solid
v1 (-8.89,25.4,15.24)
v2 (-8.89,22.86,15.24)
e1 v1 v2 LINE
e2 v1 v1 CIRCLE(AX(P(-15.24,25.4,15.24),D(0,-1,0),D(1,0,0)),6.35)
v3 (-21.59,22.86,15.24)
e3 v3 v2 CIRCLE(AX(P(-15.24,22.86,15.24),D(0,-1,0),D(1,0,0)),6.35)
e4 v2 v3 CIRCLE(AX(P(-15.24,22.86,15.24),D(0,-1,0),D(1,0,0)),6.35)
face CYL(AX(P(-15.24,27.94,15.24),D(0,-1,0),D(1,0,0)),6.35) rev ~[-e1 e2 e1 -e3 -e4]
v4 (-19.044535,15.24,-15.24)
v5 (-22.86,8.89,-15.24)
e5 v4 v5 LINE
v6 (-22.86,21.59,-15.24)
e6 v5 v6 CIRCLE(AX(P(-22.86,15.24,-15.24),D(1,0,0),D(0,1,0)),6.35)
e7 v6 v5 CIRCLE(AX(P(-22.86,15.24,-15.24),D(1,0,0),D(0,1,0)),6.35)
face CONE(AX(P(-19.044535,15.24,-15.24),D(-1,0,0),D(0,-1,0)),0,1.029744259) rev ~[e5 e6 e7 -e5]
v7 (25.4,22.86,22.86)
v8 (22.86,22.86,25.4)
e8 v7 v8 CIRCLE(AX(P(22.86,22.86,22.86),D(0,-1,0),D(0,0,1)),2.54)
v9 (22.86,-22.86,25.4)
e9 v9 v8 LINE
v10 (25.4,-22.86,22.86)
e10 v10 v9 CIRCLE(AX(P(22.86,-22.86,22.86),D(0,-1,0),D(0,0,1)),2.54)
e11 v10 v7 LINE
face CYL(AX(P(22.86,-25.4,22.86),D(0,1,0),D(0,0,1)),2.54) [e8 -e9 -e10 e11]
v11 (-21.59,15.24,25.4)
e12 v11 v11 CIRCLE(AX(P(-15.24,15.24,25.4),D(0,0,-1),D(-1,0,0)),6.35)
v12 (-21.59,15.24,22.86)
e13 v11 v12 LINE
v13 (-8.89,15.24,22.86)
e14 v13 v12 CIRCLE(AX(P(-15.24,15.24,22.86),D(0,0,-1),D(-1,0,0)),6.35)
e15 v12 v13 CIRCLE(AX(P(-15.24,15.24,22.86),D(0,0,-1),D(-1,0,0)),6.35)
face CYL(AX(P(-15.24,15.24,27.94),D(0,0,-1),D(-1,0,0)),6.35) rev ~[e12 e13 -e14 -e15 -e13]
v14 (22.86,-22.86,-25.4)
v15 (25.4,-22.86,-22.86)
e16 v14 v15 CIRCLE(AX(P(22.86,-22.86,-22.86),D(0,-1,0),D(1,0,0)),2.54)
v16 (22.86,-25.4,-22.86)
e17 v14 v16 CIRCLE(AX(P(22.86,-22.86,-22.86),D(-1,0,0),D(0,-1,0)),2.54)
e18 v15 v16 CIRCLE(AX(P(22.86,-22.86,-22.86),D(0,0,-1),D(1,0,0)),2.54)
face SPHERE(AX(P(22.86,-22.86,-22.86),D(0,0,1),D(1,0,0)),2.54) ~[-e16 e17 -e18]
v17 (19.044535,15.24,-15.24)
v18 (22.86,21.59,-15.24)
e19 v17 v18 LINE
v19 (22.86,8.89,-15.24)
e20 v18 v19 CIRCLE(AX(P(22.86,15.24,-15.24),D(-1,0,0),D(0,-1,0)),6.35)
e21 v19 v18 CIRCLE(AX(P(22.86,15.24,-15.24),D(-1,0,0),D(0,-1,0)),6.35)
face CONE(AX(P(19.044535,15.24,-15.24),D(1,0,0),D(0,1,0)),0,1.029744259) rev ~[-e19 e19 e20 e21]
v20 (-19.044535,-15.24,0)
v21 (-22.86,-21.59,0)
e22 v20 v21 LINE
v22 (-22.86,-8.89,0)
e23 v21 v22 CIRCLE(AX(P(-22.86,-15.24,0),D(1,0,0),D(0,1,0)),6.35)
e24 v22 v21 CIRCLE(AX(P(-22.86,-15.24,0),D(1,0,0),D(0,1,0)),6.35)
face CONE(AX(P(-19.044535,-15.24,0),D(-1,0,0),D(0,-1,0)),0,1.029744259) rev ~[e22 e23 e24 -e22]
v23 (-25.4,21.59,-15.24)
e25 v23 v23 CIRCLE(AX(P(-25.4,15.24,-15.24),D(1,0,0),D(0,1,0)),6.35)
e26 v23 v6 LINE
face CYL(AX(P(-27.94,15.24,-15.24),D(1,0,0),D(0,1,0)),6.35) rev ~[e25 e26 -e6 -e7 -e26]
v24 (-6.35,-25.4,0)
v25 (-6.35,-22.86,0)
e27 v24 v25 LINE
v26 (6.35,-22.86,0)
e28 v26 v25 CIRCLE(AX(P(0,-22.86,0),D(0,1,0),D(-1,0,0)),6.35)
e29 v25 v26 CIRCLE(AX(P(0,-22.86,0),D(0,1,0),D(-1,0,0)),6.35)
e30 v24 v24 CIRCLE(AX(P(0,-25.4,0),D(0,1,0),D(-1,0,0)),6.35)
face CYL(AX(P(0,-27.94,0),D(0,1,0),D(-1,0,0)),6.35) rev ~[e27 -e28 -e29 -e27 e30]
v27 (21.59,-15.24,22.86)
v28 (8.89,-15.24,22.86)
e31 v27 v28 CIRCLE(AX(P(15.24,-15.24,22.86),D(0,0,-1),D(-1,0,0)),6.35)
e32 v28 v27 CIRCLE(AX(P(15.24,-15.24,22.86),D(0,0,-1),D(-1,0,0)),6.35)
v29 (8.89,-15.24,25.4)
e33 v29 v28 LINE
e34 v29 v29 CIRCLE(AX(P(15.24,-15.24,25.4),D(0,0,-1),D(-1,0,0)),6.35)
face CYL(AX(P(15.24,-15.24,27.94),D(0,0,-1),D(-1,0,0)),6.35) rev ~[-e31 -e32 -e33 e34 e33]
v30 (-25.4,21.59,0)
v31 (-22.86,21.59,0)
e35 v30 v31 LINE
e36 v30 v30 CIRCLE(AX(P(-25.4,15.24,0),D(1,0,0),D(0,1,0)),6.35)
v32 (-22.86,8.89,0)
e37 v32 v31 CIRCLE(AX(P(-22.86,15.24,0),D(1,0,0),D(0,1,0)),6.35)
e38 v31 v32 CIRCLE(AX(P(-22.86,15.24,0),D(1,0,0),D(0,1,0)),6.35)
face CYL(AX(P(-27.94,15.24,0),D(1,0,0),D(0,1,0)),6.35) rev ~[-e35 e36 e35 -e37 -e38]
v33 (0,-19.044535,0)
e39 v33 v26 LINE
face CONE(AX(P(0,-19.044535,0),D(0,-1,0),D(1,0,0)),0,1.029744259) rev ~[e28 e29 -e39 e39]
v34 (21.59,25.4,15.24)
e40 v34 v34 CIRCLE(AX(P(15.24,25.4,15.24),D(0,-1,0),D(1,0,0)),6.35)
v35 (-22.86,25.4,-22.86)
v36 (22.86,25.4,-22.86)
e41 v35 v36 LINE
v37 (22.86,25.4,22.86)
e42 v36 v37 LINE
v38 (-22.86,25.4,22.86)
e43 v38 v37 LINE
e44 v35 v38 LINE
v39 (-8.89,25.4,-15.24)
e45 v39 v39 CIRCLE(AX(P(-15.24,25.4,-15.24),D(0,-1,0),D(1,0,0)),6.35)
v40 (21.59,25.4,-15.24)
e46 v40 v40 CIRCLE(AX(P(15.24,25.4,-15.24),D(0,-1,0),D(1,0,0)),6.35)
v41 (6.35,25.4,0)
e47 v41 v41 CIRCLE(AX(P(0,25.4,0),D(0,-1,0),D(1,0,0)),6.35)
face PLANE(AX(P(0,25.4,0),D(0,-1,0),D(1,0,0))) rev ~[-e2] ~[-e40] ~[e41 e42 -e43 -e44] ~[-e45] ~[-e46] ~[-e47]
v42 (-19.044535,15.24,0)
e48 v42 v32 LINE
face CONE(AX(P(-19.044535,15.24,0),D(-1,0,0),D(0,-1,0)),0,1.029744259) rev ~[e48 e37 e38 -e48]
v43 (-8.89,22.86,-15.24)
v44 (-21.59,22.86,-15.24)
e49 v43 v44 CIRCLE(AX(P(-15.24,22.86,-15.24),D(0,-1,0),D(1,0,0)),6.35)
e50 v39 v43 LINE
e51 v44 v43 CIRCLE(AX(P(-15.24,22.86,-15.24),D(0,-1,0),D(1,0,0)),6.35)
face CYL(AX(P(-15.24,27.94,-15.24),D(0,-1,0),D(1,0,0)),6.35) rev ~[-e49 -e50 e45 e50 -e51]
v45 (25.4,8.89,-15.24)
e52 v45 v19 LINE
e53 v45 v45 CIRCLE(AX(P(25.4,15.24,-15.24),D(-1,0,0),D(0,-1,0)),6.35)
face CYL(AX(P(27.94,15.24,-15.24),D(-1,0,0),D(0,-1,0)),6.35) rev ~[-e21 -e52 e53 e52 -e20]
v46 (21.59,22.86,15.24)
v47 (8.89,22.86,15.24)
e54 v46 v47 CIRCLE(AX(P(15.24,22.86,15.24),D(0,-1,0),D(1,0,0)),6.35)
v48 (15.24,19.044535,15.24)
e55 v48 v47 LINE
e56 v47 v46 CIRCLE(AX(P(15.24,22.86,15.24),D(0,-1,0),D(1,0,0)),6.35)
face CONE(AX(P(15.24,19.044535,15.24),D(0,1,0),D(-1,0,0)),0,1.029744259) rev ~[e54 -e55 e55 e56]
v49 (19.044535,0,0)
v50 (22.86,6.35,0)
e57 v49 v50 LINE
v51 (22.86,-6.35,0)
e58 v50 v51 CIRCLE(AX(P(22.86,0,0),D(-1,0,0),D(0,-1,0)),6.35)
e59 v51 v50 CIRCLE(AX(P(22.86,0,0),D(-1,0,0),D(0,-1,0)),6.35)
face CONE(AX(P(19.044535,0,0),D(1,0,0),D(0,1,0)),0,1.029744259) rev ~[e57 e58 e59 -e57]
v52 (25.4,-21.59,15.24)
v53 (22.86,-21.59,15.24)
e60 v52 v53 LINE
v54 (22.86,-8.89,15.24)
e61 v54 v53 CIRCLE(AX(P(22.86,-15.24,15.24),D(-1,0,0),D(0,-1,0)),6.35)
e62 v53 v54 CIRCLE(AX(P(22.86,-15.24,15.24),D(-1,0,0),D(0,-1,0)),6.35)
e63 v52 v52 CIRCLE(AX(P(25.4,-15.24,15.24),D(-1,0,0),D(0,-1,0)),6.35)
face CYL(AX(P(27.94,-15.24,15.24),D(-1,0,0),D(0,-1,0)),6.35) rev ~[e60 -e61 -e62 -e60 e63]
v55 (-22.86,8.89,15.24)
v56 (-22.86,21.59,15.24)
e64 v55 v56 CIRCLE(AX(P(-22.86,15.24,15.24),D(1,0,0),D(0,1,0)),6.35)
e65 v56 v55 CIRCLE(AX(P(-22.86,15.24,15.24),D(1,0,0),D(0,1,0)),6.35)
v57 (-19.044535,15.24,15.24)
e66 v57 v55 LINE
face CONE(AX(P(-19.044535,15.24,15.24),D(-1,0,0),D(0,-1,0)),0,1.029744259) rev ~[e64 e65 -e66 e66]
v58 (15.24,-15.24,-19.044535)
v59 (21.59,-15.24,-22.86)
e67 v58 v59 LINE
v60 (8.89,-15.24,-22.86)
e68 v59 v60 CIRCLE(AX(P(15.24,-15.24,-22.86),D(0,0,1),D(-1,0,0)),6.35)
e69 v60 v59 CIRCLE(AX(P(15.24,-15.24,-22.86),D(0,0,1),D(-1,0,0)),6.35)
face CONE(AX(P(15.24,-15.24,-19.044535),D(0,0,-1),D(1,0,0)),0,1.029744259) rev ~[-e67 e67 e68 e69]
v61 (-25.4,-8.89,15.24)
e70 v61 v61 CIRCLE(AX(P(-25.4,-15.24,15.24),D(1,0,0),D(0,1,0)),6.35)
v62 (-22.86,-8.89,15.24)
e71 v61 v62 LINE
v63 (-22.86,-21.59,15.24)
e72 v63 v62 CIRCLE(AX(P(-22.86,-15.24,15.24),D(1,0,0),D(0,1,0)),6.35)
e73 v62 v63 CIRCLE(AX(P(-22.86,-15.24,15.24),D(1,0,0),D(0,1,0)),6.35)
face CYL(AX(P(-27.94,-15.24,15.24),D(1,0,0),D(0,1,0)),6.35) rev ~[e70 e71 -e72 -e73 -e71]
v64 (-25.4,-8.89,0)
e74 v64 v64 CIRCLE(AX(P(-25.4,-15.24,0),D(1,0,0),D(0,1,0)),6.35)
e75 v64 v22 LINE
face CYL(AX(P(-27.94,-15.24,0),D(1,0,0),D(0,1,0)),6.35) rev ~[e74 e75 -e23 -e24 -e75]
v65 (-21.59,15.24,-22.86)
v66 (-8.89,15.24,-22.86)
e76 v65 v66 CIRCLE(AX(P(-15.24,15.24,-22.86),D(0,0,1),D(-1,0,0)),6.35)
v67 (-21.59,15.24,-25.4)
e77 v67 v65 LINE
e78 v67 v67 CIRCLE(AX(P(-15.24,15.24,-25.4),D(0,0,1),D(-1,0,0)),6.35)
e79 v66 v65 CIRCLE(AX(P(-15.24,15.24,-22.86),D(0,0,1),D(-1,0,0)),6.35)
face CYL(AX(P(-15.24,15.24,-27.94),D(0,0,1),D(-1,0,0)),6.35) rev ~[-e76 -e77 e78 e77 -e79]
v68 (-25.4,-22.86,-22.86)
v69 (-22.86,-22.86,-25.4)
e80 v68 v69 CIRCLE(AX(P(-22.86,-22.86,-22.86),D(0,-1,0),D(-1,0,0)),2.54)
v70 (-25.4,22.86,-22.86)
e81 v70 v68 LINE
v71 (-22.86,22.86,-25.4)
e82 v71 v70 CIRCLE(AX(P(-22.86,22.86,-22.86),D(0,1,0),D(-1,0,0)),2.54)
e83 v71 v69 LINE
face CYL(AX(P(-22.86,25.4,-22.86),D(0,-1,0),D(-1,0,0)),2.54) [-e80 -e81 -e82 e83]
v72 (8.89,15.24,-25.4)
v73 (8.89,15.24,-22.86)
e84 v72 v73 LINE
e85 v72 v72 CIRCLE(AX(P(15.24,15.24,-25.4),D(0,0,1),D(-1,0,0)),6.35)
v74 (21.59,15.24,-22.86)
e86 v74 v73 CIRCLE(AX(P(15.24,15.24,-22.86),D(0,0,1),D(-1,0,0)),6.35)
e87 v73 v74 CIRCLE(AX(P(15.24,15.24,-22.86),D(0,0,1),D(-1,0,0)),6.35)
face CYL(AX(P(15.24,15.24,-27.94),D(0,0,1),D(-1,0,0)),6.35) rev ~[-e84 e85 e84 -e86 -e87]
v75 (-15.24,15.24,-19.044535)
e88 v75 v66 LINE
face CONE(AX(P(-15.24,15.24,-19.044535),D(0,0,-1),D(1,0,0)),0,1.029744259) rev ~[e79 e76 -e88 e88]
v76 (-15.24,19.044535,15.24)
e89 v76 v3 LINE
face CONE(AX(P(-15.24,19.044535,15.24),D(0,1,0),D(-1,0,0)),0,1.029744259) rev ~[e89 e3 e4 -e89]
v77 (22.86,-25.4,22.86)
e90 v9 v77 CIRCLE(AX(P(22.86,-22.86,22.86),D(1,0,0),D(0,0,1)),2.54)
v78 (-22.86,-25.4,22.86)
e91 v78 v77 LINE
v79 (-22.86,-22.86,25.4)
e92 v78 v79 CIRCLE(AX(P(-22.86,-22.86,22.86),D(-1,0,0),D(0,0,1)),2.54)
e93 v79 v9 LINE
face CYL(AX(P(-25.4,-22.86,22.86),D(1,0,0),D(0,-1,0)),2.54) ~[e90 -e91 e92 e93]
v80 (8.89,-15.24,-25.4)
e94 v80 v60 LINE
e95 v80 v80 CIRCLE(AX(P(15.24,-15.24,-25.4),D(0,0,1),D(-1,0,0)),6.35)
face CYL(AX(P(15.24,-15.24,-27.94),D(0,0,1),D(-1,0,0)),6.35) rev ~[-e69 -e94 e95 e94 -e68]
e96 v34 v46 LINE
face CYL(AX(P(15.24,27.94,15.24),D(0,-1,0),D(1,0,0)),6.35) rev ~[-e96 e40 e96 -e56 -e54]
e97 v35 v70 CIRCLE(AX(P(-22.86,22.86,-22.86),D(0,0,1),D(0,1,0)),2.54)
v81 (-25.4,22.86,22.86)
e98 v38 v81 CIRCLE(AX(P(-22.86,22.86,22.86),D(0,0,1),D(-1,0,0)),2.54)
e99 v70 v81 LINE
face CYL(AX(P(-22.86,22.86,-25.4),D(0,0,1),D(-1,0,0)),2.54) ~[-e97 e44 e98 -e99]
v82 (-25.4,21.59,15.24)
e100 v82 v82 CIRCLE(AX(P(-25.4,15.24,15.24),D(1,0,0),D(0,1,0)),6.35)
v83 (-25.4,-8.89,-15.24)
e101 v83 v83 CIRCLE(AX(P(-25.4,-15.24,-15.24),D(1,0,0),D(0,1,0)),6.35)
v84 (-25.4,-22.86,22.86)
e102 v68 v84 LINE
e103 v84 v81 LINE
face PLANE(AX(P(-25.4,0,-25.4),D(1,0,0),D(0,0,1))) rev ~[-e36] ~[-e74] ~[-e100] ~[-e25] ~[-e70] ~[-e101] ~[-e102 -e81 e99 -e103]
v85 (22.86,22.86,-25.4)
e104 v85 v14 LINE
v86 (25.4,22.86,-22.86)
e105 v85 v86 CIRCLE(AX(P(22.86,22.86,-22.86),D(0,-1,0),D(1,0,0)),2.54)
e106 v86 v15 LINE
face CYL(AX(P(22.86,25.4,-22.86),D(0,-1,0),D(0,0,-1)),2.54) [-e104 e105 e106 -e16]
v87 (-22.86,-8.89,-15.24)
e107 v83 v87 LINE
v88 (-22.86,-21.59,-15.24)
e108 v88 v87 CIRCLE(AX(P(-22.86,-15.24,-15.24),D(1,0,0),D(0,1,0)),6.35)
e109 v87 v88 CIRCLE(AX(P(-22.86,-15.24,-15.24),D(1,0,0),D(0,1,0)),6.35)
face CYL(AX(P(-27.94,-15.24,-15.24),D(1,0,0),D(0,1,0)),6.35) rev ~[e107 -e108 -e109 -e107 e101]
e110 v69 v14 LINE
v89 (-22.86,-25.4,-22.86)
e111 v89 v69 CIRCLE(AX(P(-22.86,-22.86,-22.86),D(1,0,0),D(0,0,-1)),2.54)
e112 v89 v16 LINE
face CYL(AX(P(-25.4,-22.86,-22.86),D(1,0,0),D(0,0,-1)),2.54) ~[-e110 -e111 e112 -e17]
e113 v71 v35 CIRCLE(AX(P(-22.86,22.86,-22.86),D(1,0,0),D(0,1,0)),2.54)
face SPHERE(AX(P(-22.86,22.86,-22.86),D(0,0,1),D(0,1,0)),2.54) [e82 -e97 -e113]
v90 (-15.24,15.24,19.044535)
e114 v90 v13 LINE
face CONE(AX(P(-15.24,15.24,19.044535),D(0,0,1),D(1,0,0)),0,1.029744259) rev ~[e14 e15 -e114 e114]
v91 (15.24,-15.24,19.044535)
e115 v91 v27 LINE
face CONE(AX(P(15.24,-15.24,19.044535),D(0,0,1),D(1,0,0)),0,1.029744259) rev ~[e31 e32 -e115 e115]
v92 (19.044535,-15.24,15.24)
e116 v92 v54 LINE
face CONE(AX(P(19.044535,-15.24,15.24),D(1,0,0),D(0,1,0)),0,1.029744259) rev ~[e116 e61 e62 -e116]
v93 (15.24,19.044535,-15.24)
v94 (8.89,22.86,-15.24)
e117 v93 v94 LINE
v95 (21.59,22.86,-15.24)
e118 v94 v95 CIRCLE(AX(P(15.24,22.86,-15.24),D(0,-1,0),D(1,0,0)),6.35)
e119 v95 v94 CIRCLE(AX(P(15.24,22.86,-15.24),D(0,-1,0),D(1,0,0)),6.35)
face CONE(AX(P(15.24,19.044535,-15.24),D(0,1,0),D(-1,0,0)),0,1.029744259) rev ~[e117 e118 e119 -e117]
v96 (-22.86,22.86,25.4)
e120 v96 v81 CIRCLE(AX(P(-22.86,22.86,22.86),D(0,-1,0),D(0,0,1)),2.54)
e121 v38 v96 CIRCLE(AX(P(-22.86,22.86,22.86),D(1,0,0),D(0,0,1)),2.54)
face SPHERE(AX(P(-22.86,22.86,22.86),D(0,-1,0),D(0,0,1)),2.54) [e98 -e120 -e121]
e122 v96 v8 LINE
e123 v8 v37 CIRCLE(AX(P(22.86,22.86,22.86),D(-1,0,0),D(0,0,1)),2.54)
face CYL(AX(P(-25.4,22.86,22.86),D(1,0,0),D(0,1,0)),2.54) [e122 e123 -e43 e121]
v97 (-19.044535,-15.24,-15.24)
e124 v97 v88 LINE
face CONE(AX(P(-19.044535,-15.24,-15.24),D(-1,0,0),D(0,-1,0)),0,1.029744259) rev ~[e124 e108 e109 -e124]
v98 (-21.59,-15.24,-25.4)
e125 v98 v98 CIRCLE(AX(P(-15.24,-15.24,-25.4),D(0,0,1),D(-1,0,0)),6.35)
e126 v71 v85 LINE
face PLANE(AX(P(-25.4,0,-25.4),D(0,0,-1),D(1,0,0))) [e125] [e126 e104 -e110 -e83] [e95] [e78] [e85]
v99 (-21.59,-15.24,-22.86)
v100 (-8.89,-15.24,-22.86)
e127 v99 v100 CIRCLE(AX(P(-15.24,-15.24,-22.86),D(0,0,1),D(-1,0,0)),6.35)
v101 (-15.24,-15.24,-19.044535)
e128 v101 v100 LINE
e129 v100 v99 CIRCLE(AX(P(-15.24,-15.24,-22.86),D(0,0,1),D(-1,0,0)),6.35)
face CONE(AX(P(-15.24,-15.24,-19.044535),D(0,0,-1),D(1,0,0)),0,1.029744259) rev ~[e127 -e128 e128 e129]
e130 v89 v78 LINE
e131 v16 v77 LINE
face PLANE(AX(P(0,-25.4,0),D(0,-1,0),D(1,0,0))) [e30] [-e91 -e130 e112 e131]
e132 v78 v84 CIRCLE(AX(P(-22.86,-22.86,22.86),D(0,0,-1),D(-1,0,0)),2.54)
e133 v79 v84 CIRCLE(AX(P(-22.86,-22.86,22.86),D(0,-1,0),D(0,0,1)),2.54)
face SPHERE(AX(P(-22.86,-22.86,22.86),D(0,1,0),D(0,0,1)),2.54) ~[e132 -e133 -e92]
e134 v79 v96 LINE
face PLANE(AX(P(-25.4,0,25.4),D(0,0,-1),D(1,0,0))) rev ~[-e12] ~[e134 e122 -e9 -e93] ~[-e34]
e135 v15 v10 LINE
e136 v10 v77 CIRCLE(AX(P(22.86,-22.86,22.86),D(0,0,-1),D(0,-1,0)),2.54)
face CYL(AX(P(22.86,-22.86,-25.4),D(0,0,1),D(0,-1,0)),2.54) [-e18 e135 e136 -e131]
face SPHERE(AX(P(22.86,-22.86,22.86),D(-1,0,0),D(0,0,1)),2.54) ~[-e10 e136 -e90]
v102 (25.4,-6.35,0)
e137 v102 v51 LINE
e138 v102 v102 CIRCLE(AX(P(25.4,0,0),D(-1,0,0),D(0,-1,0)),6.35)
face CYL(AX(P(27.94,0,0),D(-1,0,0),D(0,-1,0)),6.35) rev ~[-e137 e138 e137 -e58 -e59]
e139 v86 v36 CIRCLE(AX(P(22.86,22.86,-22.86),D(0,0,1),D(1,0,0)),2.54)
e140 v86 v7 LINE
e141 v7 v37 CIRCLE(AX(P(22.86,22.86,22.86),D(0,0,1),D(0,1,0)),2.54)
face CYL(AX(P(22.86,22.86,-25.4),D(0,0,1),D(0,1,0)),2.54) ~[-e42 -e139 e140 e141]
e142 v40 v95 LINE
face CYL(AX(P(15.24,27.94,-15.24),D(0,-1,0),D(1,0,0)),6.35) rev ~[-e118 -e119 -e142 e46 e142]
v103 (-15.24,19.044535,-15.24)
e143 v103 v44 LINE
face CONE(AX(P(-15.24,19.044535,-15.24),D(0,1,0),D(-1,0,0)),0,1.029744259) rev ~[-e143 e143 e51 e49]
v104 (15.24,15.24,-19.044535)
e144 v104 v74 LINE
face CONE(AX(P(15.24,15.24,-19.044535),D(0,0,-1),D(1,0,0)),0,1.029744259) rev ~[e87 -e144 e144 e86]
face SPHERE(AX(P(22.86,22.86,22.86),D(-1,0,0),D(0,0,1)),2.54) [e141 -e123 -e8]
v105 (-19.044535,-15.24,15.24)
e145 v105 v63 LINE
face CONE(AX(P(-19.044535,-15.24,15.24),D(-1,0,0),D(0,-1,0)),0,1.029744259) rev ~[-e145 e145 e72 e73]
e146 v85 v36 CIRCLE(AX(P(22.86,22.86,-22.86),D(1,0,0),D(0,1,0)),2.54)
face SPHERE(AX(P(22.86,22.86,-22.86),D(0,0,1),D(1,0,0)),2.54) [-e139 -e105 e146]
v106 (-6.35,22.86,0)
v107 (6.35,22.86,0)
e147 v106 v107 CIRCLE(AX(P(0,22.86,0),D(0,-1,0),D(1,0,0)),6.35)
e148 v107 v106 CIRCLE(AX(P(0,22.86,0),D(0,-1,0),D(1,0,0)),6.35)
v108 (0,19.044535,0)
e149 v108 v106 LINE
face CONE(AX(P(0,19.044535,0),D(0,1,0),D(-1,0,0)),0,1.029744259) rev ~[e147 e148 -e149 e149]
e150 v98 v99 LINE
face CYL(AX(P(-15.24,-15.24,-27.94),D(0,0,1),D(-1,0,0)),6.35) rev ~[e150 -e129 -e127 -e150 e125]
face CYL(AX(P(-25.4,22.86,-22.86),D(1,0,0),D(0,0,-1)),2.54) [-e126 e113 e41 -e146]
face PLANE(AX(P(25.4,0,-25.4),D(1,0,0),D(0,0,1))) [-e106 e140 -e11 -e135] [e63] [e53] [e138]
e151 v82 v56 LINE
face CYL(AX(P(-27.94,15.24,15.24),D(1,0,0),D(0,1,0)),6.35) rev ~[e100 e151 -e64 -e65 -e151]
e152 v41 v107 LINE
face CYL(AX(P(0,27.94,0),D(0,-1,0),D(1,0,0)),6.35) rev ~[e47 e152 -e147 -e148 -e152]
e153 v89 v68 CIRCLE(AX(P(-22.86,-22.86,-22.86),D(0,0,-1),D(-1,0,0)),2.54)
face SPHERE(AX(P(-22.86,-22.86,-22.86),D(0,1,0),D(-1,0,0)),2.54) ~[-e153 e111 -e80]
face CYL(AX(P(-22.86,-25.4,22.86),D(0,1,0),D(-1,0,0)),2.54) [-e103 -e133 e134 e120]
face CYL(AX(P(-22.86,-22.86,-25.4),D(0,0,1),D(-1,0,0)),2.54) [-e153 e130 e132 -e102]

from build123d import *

# Parameters (mm, degrees)
F0_W      = 50.8
F0_H      = 50.8
F1_DEPTH  = 25.4
F3_D      = 12.7
F3_DEPTH  = 2.54
F3_TIP    = 3.8154649308
F5_D      = 12.7
F5_DEPTH  = 2.54
F5_TIP    = 3.8154649308
F7_D      = 12.7
F7_DEPTH  = 2.54
F7_TIP    = 3.8154649308
F9_D      = 12.7
F9_DEPTH  = 2.54
F9_TIP    = 3.8154649308
F12_D     = 12.7
F12_DEPTH = 2.54
F12_TIP   = 3.8154649308
F14_D     = 12.7
F14_DEPTH = 2.54
F14_TIP   = 3.8154649308
F16_D     = 12.7
F16_DEPTH = 2.54
F16_TIP   = 3.8154649308
F17_R     = 2.54


with BuildPart() as f1:
    # F0 (on Front) → F1 (new body, symmetric)
    with BuildSketch(Plane.XZ):
        Rectangle(F0_W, F0_H)
    extrude(amount=F1_DEPTH, both=True)

    # F3
    with Locations(Plane.XZ.offset(25.4)):
        with Locations((0, 0)):
            Hole(F3_D / 2, depth=F3_DEPTH)
            with Locations((0, 0, -(F3_DEPTH + F3_TIP / 2))):  # 118° drill point
                Cone(0, F3_D / 2, F3_TIP, mode=Mode.SUBTRACT)

    # F5
    with Locations(Plane(origin=(0, 25.4, 0), x_dir=(-1, 0, 0), z_dir=(0, 1, 0))):
        with Locations((-15.24, 15.24), (0, 0), (15.24, -15.24)):
            Hole(F5_D / 2, depth=F5_DEPTH)
            with Locations((0, 0, -(F5_DEPTH + F5_TIP / 2))):  # 118° drill point
                Cone(0, F5_D / 2, F5_TIP, mode=Mode.SUBTRACT)

    # F7
    with Locations(Plane.XY.offset(25.4)):
        with Locations((-15.24, 15.24), (15.24, -15.24)):
            Hole(F7_D / 2, depth=F7_DEPTH)
            with Locations((0, 0, -(F7_DEPTH + F7_TIP / 2))):  # 118° drill point
                Cone(0, F7_D / 2, F7_TIP, mode=Mode.SUBTRACT)

    # F9
    with Locations(Plane(origin=(0, 0, -25.4), x_dir=(1, 0, 0), z_dir=(0, 0, -1))):
        with Locations((-15.24, 15.24), (15.24, 15.24), (15.24, -15.24), (-15.24, -15.24)):
            Hole(F9_D / 2, depth=F9_DEPTH)
            with Locations((0, 0, -(F9_DEPTH + F9_TIP / 2))):  # 118° drill point
                Cone(0, F9_D / 2, F9_TIP, mode=Mode.SUBTRACT)

    # F12
    with Locations(Plane(origin=(0, 25.4, 0), x_dir=(-1, 0, 0), z_dir=(0, 1, 0))):
        with Locations((15.24, 15.24), (-15.24, -15.24)):
            Hole(F12_D / 2, depth=F12_DEPTH)
            with Locations((0, 0, -(F12_DEPTH + F12_TIP / 2))):  # 118° drill point
                Cone(0, F12_D / 2, F12_TIP, mode=Mode.SUBTRACT)

    # F14
    with Locations(Plane.YZ.offset(25.4)):
        with Locations((-15.24, 15.24), (0, 0), (15.24, -15.24)):
            Hole(F14_D / 2, depth=F14_DEPTH)
            with Locations((0, 0, -(F14_DEPTH + F14_TIP / 2))):  # 118° drill point
                Cone(0, F14_D / 2, F14_TIP, mode=Mode.SUBTRACT)

    # F16
    with Locations(Plane(origin=(-25.4, 0, 0), x_dir=(0, -1, 0), z_dir=(-1, 0, 0))):
        with Locations((-15.24, 15.24), (-15.24, 0), (-15.24, -15.24), (15.24, -15.24), (15.24, 0), (15.24, 15.24)):
            Hole(F16_D / 2, depth=F16_DEPTH)
            with Locations((0, 0, -(F16_DEPTH + F16_TIP / 2))):  # 118° drill point
                Cone(0, F16_D / 2, F16_TIP, mode=Mode.SUBTRACT)

    # F17
    f17_edges = [f1.edges().sort_by_distance(p)[0] for p in [
        (-25.4, 0, 25.4),
        (0, 25.4, 25.4),
        (-25.4, 25.4, 0),
        (0, -25.4, 25.4),
        (25.4, 0, 25.4),
        (25.4, 25.4, 0),
        (25.4, -25.4, 0),
        (25.4, 0, -25.4),
        (0, 25.4, -25.4),
        (-25.4, 0, -25.4),
        (-25.4, -25.4, 0),
        (0, -25.4, -25.4),
    ]]
    fillet(f17_edges, radius=F17_R)


solid = f1.part
